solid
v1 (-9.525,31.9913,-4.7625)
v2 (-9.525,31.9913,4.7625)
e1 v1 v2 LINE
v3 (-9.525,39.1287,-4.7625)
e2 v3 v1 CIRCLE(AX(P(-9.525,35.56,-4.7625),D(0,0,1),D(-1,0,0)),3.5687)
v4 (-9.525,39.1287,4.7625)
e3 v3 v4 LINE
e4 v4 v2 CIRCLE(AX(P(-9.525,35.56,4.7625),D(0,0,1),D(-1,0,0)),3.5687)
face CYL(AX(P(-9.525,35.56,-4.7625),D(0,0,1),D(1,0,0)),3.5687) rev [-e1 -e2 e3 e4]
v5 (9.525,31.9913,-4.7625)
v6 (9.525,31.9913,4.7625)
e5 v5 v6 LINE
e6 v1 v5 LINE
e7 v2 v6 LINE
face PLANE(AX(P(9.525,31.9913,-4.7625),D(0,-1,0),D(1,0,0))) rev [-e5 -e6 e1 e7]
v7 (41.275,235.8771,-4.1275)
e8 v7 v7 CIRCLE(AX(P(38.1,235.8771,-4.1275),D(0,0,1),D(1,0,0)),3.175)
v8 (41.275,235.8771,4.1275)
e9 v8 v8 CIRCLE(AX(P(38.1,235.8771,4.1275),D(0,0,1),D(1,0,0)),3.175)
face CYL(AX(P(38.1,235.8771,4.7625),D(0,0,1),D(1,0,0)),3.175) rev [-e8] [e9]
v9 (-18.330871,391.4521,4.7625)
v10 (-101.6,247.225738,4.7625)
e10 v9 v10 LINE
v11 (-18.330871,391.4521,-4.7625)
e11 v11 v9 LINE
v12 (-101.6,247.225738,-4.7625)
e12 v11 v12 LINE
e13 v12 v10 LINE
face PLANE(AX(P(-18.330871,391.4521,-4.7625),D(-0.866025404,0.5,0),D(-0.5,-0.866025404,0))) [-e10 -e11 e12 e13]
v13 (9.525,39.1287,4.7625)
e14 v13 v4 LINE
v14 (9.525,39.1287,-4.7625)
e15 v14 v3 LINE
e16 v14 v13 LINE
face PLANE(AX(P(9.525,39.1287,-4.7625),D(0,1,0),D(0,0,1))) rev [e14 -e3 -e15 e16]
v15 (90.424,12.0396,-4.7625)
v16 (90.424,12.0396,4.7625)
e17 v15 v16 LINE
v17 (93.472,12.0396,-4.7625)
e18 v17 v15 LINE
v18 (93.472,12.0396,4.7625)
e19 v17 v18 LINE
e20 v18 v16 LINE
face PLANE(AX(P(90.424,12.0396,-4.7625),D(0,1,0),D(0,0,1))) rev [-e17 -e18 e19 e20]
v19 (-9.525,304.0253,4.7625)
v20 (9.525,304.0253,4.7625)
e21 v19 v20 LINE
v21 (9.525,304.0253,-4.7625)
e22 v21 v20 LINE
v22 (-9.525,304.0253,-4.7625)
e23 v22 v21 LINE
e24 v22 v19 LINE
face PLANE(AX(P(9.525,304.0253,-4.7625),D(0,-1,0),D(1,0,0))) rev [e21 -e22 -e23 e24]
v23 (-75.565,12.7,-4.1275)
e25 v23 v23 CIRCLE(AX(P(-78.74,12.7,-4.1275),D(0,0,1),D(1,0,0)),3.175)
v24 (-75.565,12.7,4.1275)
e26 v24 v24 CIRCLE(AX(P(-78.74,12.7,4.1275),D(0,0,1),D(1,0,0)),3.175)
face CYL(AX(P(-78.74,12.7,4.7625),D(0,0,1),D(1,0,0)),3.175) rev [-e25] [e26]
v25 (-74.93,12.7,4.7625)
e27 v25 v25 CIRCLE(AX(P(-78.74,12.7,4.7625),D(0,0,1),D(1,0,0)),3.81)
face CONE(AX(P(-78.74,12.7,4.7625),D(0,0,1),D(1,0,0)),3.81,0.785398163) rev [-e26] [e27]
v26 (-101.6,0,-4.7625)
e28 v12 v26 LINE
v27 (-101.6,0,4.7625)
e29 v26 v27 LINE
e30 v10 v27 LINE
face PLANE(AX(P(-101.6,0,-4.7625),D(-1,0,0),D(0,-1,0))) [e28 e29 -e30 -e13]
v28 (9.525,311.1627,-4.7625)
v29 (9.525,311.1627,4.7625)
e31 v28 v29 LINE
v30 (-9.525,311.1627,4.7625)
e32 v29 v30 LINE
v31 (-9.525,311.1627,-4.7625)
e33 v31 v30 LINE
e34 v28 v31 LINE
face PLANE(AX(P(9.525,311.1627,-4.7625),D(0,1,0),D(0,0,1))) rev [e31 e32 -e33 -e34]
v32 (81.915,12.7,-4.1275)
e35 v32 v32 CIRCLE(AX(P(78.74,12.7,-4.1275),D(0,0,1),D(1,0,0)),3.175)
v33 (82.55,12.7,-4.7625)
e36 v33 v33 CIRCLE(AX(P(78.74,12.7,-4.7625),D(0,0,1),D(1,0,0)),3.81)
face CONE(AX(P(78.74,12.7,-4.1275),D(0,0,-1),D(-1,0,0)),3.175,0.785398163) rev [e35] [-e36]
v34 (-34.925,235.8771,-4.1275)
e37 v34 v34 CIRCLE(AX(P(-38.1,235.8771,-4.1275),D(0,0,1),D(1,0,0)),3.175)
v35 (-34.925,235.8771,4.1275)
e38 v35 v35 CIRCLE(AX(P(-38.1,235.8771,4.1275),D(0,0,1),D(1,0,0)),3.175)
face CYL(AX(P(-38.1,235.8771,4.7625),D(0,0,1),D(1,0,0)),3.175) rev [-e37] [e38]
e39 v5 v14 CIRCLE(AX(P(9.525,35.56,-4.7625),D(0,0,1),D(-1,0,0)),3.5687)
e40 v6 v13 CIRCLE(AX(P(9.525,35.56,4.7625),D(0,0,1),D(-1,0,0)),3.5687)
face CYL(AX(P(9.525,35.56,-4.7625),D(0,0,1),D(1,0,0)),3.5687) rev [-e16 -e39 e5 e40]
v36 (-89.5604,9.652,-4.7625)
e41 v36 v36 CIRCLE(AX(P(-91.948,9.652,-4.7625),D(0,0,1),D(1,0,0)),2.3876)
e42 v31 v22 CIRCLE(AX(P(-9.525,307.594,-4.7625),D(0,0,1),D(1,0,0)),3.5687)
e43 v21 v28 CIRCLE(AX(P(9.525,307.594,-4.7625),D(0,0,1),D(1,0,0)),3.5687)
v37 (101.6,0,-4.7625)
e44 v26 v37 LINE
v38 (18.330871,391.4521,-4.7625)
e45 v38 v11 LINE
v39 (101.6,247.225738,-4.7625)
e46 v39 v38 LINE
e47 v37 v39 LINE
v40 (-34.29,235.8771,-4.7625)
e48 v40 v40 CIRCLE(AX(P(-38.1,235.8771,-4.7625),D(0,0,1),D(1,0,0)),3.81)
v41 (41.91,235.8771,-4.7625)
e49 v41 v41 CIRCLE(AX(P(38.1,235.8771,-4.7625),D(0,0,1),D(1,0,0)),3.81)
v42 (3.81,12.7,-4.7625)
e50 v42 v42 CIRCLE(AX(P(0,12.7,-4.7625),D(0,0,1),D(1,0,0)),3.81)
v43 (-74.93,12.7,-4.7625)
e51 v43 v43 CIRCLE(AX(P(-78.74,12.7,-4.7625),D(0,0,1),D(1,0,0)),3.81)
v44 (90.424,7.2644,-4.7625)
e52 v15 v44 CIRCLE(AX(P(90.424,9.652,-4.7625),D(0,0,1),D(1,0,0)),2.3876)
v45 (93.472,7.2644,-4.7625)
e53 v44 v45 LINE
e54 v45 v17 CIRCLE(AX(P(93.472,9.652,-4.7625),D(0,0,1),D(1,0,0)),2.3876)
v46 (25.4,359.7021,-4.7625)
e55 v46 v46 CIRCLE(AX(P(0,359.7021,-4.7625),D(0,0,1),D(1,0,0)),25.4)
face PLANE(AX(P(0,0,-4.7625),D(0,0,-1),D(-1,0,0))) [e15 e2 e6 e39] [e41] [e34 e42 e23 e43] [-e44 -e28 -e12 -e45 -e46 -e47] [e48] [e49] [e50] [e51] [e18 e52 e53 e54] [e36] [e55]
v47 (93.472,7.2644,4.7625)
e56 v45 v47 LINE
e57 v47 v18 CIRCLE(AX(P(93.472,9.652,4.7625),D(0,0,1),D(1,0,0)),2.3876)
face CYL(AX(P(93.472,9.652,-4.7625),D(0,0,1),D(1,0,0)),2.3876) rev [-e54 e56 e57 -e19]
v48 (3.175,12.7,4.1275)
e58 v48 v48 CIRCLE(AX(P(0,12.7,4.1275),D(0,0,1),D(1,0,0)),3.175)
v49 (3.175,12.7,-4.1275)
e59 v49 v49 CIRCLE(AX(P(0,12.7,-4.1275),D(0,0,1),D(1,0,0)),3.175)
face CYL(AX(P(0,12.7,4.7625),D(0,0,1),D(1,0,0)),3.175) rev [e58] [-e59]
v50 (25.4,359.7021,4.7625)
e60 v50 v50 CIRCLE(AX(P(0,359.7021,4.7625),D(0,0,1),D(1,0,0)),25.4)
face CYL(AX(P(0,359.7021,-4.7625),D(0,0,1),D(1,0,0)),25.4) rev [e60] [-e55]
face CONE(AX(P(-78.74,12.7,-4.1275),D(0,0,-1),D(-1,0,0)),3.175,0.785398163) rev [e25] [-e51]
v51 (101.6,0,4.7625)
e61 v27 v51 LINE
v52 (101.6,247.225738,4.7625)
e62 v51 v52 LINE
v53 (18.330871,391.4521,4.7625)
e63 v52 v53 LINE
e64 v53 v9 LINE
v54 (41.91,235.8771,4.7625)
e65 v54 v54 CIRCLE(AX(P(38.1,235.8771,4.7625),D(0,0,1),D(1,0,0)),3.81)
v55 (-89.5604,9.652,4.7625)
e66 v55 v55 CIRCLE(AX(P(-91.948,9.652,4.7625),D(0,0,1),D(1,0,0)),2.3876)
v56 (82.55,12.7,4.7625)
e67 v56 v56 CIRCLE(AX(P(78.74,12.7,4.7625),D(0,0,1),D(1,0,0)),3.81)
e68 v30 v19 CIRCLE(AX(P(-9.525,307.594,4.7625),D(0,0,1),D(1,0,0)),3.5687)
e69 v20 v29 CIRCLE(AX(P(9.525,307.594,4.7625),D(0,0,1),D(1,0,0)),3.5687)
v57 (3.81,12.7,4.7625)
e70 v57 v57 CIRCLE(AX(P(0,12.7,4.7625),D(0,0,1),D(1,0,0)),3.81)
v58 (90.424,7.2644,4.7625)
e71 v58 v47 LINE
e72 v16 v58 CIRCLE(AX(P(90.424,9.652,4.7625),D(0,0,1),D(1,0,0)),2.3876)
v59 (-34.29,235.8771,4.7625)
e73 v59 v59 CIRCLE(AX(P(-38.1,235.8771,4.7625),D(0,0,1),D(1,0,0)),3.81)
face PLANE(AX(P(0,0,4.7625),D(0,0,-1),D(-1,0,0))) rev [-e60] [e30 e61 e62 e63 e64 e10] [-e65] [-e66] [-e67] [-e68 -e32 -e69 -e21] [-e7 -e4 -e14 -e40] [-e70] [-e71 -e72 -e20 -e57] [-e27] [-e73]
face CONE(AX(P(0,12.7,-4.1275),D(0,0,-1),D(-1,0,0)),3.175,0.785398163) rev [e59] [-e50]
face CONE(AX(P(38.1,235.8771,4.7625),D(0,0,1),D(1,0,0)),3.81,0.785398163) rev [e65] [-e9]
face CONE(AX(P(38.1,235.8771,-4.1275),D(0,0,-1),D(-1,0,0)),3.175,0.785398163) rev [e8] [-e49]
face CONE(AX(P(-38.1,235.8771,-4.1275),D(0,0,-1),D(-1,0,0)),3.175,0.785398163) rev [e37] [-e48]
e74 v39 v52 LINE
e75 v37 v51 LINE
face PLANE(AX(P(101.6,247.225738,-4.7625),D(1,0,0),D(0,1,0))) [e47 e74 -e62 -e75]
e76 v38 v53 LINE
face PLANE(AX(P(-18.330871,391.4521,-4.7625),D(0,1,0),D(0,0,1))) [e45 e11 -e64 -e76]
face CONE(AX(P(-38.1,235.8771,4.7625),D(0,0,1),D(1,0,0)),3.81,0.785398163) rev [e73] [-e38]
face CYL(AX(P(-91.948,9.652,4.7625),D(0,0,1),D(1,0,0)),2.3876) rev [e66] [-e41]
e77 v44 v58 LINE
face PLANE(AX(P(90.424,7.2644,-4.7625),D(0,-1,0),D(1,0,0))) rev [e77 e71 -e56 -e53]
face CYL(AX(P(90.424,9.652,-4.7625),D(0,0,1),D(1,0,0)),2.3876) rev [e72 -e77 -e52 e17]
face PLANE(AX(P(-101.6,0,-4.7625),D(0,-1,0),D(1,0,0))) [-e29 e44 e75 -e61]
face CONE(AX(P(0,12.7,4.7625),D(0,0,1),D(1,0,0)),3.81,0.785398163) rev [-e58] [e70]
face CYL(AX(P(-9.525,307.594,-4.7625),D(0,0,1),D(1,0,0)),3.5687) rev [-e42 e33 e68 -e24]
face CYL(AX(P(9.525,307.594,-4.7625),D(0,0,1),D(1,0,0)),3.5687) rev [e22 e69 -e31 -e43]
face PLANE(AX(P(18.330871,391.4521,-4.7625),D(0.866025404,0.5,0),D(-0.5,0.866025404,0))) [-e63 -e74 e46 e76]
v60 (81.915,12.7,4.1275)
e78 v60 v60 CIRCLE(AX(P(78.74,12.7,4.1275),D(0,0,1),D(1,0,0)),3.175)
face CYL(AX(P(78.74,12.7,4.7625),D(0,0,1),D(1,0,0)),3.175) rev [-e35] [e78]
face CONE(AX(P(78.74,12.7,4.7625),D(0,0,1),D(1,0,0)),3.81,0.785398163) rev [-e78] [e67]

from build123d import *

# Parameters (mm, degrees)
SKETCH6_R                        = 25.4
BOSS_EXTRUDE1_DEPTH              = 4.7625
F_1_4_20_TAPPED_HOLE1_AT_2_COUNT = 2
F_1_4_20_TAPPED_HOLE1_AT_2_PITCH = 76.2
F_3_16_0_1875_DIAMETER_HOLE1_D   = 4.7752
CUT_EXTRUDE1_DEPTH               = 10.525
F_1_4_20_TAPPED_HOLE2_AT_2_COUNT = 2
F_1_4_20_TAPPED_HOLE2_AT_2_PITCH = 78.74
F_1_4_20_TAPPED_HOLE2_AT_3_COUNT = 2
F_1_4_20_TAPPED_HOLE2_AT_3_PITCH = 78.74


with BuildPart() as part:
    # Sketch6 → Boss-Extrude1 (new body, symmetric)
    with BuildSketch(Plane.XY):
        Polygon((-101.6, 0), (101.6, 0), (101.6, 247.225737951), (18.330871047, 391.4521), (-18.330871047, 391.4521), (-101.6, 247.225737951), align=None)
        with Locations((0, 359.7021)):
            Circle(SKETCH6_R, mode=Mode.SUBTRACT)
        with BuildLine():
            Line((9.525, 31.9913), (-9.525, 31.9913))
            ThreePointArc((-9.525, 31.9913), (-13.0937, 35.56), (-9.525, 39.1287))
            Line((-9.525, 39.1287), (9.525, 39.1287))
            ThreePointArc((9.525, 39.1287), (13.0937, 35.56), (9.525, 31.9913))
        make_face(mode=Mode.SUBTRACT)
        with BuildLine():
            Line((9.525, 304.0253), (-9.525, 304.0253))
            ThreePointArc((-9.525, 304.0253), (-13.0937, 307.594), (-9.525, 311.1627))
            Line((-9.525, 311.1627), (9.525, 311.1627))
            ThreePointArc((9.525, 311.1627), (13.0937, 307.594), (9.525, 304.0253))
        make_face(mode=Mode.SUBTRACT)
    extrude(amount=BOSS_EXTRUDE1_DEPTH, both=True)

    # Sketch7 → 1/4-20 Tapped Hole1 (revolve, cut)
    with BuildSketch(Plane(origin=(-38.1, 235.8771, 4.7625), x_dir=(0, -1, 0), z_dir=(1, 0, 0))):
        Polygon((0, 0), (0, 9.525), (3.81, 9.525), (3.175, 8.89), (3.175, 0.635), (3.81, 0), align=None)
    f_1_4_20_tapped_hole1 = revolve(axis=Axis((-38.1, 235.8771, 11.1125), (0, 0, -1)), mode=Mode.SUBTRACT)

    # 1/4-20 Tapped Hole1 at 2: 1/4-20 Tapped Hole1 ×2
    with Locations(*[(i * F_1_4_20_TAPPED_HOLE1_AT_2_PITCH, 0, 0) for i in range(1, F_1_4_20_TAPPED_HOLE1_AT_2_COUNT)]):
        add(f_1_4_20_tapped_hole1, mode=Mode.SUBTRACT)

    # 3/16 (0.1875) Diameter Hole1 (through all)
    with Locations(Plane(origin=(643.650137784, 199.419465463, 4.7625), x_dir=(1, 0, 0), z_dir=(0, 0, 1))):
        with Locations((-735.598137784, -189.767465463)):
            Hole(F_3_16_0_1875_DIAMETER_HOLE1_D / 2)

    # Sketch13 → Cut-Extrude1 (cut, through all)
    with BuildSketch(Plane.XY.offset(4.7625)):
        with BuildLine():
            Line((90.424, 12.0396), (93.472, 12.0396))
            ThreePointArc((93.472, 12.0396), (95.8596, 9.652), (93.472, 7.2644))
            Line((93.472, 7.2644), (90.424, 7.2644))
            ThreePointArc((90.424, 7.2644), (88.0364, 9.652), (90.424, 12.0396))
        make_face()
    extrude(amount=-CUT_EXTRUDE1_DEPTH, mode=Mode.SUBTRACT)

    # Sketch11 → 1/4-20 Tapped Hole2 (revolve, cut)
    with BuildSketch(Plane(origin=(0, 12.7, 4.7625), x_dir=(0, -1, 0), z_dir=(1, 0, 0))):
        Polygon((0, 0), (0, 9.525), (3.81, 9.525), (3.175, 8.89), (3.175, 0.635), (3.81, 0), align=None)
    f_1_4_20_tapped_hole2 = revolve(axis=Axis((0, 12.7, 11.1125), (0, 0, -1)), mode=Mode.SUBTRACT)

    # 1/4-20 Tapped Hole2 at 2: 1/4-20 Tapped Hole2 ×2
    with Locations(*[(i * F_1_4_20_TAPPED_HOLE2_AT_2_PITCH, 0, 0) for i in range(1, F_1_4_20_TAPPED_HOLE2_AT_2_COUNT)]):
        add(f_1_4_20_tapped_hole2, mode=Mode.SUBTRACT)

    # 1/4-20 Tapped Hole2 at 3: 1/4-20 Tapped Hole2 ×2
    with Locations(*[(-i * F_1_4_20_TAPPED_HOLE2_AT_3_PITCH, 0, 0) for i in range(1, F_1_4_20_TAPPED_HOLE2_AT_3_COUNT)]):
        add(f_1_4_20_tapped_hole2, mode=Mode.SUBTRACT)


solid = part.part
